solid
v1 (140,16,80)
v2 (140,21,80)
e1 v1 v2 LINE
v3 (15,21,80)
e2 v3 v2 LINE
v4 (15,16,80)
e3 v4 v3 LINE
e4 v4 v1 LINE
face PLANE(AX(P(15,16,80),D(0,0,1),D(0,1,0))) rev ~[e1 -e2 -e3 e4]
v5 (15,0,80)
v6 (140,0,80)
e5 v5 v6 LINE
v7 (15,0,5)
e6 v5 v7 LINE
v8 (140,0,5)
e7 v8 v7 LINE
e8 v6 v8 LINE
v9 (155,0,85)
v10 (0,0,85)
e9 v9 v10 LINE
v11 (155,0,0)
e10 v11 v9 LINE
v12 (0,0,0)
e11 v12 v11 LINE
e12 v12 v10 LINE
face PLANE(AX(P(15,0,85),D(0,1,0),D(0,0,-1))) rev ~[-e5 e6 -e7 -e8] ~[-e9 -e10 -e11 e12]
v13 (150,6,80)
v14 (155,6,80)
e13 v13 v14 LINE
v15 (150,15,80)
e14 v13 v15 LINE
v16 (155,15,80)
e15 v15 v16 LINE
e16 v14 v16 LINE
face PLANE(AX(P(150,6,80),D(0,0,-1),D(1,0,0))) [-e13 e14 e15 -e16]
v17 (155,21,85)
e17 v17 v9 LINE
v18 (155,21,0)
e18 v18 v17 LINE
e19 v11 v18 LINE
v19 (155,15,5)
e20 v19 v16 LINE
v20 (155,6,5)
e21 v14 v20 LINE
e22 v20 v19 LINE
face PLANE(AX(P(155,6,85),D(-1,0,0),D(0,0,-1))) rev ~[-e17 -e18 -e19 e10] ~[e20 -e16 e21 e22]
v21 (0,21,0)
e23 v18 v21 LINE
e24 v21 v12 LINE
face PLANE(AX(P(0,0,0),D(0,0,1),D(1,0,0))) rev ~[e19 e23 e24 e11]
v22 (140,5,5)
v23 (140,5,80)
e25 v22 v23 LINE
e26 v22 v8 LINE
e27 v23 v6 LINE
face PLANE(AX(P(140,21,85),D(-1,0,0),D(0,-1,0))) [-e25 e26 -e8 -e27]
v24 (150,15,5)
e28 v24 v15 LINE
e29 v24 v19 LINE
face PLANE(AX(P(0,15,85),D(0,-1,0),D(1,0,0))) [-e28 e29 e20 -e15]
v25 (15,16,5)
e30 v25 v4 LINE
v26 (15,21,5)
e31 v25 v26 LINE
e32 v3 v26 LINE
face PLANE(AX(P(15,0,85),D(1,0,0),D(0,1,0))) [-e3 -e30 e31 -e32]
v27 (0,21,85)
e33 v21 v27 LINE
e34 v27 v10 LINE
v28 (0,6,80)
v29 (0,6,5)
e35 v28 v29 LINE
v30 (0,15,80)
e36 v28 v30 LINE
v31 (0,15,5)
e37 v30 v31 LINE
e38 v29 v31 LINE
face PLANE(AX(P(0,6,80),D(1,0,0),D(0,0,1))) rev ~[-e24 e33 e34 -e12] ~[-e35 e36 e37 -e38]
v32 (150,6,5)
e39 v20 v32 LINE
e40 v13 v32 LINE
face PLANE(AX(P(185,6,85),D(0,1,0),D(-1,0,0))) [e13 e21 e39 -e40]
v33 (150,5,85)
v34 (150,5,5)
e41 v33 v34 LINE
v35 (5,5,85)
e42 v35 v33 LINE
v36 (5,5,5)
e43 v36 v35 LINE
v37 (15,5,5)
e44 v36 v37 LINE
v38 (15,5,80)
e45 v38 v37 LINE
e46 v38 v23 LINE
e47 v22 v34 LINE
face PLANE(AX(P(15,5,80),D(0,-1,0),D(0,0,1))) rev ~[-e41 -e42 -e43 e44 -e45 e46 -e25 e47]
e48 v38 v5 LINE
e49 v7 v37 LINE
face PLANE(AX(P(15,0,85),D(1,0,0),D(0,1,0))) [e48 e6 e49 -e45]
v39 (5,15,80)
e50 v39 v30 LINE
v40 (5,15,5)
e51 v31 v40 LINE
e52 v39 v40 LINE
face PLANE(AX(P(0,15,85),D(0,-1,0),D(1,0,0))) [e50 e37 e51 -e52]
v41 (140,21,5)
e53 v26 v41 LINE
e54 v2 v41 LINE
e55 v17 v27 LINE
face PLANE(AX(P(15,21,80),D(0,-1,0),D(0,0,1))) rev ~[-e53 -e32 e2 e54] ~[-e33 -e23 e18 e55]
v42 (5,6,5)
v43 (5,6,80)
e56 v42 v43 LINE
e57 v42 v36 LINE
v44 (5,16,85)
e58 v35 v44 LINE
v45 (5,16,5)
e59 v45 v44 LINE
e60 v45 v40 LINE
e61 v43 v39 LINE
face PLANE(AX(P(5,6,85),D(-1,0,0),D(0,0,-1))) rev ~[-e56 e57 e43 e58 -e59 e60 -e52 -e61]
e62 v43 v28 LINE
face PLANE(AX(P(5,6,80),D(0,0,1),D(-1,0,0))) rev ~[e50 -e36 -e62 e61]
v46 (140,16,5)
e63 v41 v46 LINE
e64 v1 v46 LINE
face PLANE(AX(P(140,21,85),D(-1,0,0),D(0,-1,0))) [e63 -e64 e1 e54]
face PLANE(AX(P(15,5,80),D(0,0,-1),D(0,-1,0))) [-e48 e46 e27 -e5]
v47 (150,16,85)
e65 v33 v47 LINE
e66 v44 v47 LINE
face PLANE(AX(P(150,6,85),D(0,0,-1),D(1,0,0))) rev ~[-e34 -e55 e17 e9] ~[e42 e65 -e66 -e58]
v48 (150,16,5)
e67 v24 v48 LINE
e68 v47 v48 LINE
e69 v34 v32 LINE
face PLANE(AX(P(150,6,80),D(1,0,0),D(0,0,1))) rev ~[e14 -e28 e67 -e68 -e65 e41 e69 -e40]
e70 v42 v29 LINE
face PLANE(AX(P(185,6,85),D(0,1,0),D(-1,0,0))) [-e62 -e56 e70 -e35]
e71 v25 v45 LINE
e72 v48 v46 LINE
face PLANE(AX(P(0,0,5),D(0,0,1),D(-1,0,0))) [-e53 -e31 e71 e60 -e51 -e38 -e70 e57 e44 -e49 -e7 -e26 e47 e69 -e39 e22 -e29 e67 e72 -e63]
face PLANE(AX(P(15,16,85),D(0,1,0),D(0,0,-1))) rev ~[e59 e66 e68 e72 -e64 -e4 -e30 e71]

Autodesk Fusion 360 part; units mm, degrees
sketch "Sketch1" plane through (0, 0, 0) normal (0, 0, 1) x (1, 0, 0)
  line L0 (0, 0) -> (155, 0)
  line L1 (155, 0) -> (155, 21)
  line L2 (155, 21) -> (0, 21)
  line L3 (0, 21) -> (0, 0)
  dimension "d1" = 155
  dimension "d2" = 21
extrude "Extrude1" add sketch "Sketch1" along normal blind 85
sketch "Sketch2" plane through (0, 0, 85) normal (0, 0, 1) x (-1, 0, 0)
  line L0 (0, -21) -> (0, 0)
  line L1 (-155, 0) -> (-155, -21)
  line L2 (-155, -21) -> (0, -21)
shell "Shell1" thickness 5 removed faces 1 at (51.6667, 7, 85)
sketch "Sketch3" plane through (0, 0, 85) normal (0, 0, 1) x (-1, 0, 0)
sketch "Sketch4" plane through (0, 0, 85) normal (0, 0, 1) x (-1, 0, 0)
sketch "Sketch5" plane through (0, 0, 85) normal (0, 0, 1) x (-1, 0, 0)
sketch "Sketch6" plane through (0, 0, 85) normal (0, 0, 1) x (-1, 0, 0)
sketch "Sketch7" plane through (0, 0, 85) normal (0, 0, 1) x (-1, 0, 0)
sketch "Sketch8" plane through (0, 0, 85) normal (0, 0, 1) x (-1, 0, 0)
sketch "Sketch9" plane through (0, 0, 85) normal (0, 0, 1) x (-1, 0, 0)
sketch "Sketch10" plane through (0, 0, 85) normal (0, 0, 1) x (-1, 0, 0)
  line L0 (-140, 0) -> (-15, 0)
  line L1 (-15, 0) -> (-15, -21)
  line L2 (-15, -21) -> (-140, -21)
  line L3 (-140, -21) -> (-140, 0)
extrude "Extrude2" cut sketch "Sketch10" against normal blind 80
sketch "Sketch11" plane through (0, 0, 85) normal (0, 0, 1) x (-1, 0, 0)
  line L0 (-15, 0) -> (-15, -5)
  line L1 (-15, -5) -> (-5, -5)
  line L2 (-5, -5) -> (-5, -16)
  line L3 (-5, -16) -> (-15, -16)
  line L4 (-15, -16) -> (-15, -21)
  line L5 (-15, -21) -> (0, -21)
  line L6 (0, -21) -> (0, 0)
  line L7 (0, 0) -> (-15, 0)
  line L8 (-6, -13) -> (0, -13)
  line L9 (0, -8) -> (-6, -8)
  line L10 (-6, -13) -> (-155, -13)
  line L11 (-155, -13) -> (-155, -8)
  line L12 (-155, -8) -> (-6, -8)
  line L13 (0, -13) -> (0, -8)
extrude "Extrude3" cut sketch "Sketch11" against normal blind 80 contours L2 L6 L8 L9 L13 | L2 L8 L9 L10 L11 L12
sketch "Sketch12" plane through (0, 0, 85) normal (0, 0, 1) x (-1, 0, 0)
  line L0 (0, -13) -> (-5, -13)
  line L1 (-5, -13) -> (-5, -16)
  line L2 (-5, -16) -> (-15, -16)
  line L3 (-15, -16) -> (-15, -21)
  line L4 (-15, -21) -> (0, -21)
  line L5 (0, -21) -> (0, -13)
sketch "Sketch13" plane through (0, 0, 85) normal (0, 0, 1) x (-1, 0, 0)
  line L0 (0, -15) -> (-185, -15)
  line L1 (-185, -15) -> (-185, -6)
  line L2 (-185, -6) -> (0, -6)
  line L3 (0, -6) -> (0, -15)
  dimension "d10" = 185
extrude "Extrude4" cut sketch "Sketch13" against normal blind 80
sketch "Sketch14" plane through (15, 0, 0) normal (1, 0, 0) x (0, 1, 0)
  line L0 (5, 5) -> (5, 85)
  line L1 (5, 85) -> (0, 85)
  line L2 (0, 85) -> (0, 5)
  line L3 (0, 5) -> (5, 5)
  line L4 (0, 85) -> (5, 85)
  line L5 (5, 85) -> (5, 80)
  line L6 (5, 80) -> (0, 80)
  line L7 (0, 80) -> (0, 85)
  dimension "d13" = 5
  dimension "d14" = 5
extrude "Extrude5" add sketch "Sketch14" along normal blind 125 contours L0 L1 L2 L4 L5 L6 L7
sketch "Sketch15" plane through (15, 0, 0) normal (1, 0, 0) x (0, 1, 0)
  line L0 (16, 85) -> (16, 5)
  line L1 (16, 5) -> (21, 5)
  line L2 (21, 5) -> (21, 85)
  line L3 (21, 85) -> (16, 85)
  line L4 (21, 85) -> (16, 85)
  line L5 (16, 85) -> (16, 80)
  line L6 (16, 80) -> (21, 80)
  line L7 (21, 80) -> (21, 85)
  dimension "d17" = 5
extrude "Extrude6" add sketch "Sketch15" along normal blind 125 contours L0 L2 L3 L4 L5 L6 L7
sketch "Sketch16" plane through (0, 6, 0) normal (0, 1, 0) x (-1, 0, 0)
  line L0 (-5, 85) -> (-5, 5)
  line L1 (-5, 5) -> (0, 5)
  line L2 (0, 5) -> (0, 85)
  line L3 (0, 85) -> (-5, 85)
  line L4 (0, 85) -> (-5, 85)
  line L5 (-5, 85) -> (-5, 80)
  line L6 (-5, 80) -> (0, 80)
  line L7 (0, 80) -> (0, 85)
  dimension "d20" = 5
extrude "Extrude7" add sketch "Sketch16" along normal blind 10 contours L0 L2 L3 L4 L5 L6 L7
sketch "Sketch17" plane through (0, 6, 0) normal (0, 1, 0) x (-1, 0, 0)
  line L0 (-150, 5) -> (-150, 85)
  line L1 (-150, 85) -> (-155, 85)
  line L2 (-155, 85) -> (-155, 5)
  line L3 (-155, 5) -> (-150, 5)
  line L4 (-155, 85) -> (-150, 85)
  line L5 (-150, 85) -> (-150, 80)
  line L6 (-150, 80) -> (-155, 80)
  line L7 (-155, 80) -> (-155, 85)
extrude "Extrude8" add sketch "Sketch17" along normal blind 10 contours L0 L1 L2 L4 L5 L6 L7
